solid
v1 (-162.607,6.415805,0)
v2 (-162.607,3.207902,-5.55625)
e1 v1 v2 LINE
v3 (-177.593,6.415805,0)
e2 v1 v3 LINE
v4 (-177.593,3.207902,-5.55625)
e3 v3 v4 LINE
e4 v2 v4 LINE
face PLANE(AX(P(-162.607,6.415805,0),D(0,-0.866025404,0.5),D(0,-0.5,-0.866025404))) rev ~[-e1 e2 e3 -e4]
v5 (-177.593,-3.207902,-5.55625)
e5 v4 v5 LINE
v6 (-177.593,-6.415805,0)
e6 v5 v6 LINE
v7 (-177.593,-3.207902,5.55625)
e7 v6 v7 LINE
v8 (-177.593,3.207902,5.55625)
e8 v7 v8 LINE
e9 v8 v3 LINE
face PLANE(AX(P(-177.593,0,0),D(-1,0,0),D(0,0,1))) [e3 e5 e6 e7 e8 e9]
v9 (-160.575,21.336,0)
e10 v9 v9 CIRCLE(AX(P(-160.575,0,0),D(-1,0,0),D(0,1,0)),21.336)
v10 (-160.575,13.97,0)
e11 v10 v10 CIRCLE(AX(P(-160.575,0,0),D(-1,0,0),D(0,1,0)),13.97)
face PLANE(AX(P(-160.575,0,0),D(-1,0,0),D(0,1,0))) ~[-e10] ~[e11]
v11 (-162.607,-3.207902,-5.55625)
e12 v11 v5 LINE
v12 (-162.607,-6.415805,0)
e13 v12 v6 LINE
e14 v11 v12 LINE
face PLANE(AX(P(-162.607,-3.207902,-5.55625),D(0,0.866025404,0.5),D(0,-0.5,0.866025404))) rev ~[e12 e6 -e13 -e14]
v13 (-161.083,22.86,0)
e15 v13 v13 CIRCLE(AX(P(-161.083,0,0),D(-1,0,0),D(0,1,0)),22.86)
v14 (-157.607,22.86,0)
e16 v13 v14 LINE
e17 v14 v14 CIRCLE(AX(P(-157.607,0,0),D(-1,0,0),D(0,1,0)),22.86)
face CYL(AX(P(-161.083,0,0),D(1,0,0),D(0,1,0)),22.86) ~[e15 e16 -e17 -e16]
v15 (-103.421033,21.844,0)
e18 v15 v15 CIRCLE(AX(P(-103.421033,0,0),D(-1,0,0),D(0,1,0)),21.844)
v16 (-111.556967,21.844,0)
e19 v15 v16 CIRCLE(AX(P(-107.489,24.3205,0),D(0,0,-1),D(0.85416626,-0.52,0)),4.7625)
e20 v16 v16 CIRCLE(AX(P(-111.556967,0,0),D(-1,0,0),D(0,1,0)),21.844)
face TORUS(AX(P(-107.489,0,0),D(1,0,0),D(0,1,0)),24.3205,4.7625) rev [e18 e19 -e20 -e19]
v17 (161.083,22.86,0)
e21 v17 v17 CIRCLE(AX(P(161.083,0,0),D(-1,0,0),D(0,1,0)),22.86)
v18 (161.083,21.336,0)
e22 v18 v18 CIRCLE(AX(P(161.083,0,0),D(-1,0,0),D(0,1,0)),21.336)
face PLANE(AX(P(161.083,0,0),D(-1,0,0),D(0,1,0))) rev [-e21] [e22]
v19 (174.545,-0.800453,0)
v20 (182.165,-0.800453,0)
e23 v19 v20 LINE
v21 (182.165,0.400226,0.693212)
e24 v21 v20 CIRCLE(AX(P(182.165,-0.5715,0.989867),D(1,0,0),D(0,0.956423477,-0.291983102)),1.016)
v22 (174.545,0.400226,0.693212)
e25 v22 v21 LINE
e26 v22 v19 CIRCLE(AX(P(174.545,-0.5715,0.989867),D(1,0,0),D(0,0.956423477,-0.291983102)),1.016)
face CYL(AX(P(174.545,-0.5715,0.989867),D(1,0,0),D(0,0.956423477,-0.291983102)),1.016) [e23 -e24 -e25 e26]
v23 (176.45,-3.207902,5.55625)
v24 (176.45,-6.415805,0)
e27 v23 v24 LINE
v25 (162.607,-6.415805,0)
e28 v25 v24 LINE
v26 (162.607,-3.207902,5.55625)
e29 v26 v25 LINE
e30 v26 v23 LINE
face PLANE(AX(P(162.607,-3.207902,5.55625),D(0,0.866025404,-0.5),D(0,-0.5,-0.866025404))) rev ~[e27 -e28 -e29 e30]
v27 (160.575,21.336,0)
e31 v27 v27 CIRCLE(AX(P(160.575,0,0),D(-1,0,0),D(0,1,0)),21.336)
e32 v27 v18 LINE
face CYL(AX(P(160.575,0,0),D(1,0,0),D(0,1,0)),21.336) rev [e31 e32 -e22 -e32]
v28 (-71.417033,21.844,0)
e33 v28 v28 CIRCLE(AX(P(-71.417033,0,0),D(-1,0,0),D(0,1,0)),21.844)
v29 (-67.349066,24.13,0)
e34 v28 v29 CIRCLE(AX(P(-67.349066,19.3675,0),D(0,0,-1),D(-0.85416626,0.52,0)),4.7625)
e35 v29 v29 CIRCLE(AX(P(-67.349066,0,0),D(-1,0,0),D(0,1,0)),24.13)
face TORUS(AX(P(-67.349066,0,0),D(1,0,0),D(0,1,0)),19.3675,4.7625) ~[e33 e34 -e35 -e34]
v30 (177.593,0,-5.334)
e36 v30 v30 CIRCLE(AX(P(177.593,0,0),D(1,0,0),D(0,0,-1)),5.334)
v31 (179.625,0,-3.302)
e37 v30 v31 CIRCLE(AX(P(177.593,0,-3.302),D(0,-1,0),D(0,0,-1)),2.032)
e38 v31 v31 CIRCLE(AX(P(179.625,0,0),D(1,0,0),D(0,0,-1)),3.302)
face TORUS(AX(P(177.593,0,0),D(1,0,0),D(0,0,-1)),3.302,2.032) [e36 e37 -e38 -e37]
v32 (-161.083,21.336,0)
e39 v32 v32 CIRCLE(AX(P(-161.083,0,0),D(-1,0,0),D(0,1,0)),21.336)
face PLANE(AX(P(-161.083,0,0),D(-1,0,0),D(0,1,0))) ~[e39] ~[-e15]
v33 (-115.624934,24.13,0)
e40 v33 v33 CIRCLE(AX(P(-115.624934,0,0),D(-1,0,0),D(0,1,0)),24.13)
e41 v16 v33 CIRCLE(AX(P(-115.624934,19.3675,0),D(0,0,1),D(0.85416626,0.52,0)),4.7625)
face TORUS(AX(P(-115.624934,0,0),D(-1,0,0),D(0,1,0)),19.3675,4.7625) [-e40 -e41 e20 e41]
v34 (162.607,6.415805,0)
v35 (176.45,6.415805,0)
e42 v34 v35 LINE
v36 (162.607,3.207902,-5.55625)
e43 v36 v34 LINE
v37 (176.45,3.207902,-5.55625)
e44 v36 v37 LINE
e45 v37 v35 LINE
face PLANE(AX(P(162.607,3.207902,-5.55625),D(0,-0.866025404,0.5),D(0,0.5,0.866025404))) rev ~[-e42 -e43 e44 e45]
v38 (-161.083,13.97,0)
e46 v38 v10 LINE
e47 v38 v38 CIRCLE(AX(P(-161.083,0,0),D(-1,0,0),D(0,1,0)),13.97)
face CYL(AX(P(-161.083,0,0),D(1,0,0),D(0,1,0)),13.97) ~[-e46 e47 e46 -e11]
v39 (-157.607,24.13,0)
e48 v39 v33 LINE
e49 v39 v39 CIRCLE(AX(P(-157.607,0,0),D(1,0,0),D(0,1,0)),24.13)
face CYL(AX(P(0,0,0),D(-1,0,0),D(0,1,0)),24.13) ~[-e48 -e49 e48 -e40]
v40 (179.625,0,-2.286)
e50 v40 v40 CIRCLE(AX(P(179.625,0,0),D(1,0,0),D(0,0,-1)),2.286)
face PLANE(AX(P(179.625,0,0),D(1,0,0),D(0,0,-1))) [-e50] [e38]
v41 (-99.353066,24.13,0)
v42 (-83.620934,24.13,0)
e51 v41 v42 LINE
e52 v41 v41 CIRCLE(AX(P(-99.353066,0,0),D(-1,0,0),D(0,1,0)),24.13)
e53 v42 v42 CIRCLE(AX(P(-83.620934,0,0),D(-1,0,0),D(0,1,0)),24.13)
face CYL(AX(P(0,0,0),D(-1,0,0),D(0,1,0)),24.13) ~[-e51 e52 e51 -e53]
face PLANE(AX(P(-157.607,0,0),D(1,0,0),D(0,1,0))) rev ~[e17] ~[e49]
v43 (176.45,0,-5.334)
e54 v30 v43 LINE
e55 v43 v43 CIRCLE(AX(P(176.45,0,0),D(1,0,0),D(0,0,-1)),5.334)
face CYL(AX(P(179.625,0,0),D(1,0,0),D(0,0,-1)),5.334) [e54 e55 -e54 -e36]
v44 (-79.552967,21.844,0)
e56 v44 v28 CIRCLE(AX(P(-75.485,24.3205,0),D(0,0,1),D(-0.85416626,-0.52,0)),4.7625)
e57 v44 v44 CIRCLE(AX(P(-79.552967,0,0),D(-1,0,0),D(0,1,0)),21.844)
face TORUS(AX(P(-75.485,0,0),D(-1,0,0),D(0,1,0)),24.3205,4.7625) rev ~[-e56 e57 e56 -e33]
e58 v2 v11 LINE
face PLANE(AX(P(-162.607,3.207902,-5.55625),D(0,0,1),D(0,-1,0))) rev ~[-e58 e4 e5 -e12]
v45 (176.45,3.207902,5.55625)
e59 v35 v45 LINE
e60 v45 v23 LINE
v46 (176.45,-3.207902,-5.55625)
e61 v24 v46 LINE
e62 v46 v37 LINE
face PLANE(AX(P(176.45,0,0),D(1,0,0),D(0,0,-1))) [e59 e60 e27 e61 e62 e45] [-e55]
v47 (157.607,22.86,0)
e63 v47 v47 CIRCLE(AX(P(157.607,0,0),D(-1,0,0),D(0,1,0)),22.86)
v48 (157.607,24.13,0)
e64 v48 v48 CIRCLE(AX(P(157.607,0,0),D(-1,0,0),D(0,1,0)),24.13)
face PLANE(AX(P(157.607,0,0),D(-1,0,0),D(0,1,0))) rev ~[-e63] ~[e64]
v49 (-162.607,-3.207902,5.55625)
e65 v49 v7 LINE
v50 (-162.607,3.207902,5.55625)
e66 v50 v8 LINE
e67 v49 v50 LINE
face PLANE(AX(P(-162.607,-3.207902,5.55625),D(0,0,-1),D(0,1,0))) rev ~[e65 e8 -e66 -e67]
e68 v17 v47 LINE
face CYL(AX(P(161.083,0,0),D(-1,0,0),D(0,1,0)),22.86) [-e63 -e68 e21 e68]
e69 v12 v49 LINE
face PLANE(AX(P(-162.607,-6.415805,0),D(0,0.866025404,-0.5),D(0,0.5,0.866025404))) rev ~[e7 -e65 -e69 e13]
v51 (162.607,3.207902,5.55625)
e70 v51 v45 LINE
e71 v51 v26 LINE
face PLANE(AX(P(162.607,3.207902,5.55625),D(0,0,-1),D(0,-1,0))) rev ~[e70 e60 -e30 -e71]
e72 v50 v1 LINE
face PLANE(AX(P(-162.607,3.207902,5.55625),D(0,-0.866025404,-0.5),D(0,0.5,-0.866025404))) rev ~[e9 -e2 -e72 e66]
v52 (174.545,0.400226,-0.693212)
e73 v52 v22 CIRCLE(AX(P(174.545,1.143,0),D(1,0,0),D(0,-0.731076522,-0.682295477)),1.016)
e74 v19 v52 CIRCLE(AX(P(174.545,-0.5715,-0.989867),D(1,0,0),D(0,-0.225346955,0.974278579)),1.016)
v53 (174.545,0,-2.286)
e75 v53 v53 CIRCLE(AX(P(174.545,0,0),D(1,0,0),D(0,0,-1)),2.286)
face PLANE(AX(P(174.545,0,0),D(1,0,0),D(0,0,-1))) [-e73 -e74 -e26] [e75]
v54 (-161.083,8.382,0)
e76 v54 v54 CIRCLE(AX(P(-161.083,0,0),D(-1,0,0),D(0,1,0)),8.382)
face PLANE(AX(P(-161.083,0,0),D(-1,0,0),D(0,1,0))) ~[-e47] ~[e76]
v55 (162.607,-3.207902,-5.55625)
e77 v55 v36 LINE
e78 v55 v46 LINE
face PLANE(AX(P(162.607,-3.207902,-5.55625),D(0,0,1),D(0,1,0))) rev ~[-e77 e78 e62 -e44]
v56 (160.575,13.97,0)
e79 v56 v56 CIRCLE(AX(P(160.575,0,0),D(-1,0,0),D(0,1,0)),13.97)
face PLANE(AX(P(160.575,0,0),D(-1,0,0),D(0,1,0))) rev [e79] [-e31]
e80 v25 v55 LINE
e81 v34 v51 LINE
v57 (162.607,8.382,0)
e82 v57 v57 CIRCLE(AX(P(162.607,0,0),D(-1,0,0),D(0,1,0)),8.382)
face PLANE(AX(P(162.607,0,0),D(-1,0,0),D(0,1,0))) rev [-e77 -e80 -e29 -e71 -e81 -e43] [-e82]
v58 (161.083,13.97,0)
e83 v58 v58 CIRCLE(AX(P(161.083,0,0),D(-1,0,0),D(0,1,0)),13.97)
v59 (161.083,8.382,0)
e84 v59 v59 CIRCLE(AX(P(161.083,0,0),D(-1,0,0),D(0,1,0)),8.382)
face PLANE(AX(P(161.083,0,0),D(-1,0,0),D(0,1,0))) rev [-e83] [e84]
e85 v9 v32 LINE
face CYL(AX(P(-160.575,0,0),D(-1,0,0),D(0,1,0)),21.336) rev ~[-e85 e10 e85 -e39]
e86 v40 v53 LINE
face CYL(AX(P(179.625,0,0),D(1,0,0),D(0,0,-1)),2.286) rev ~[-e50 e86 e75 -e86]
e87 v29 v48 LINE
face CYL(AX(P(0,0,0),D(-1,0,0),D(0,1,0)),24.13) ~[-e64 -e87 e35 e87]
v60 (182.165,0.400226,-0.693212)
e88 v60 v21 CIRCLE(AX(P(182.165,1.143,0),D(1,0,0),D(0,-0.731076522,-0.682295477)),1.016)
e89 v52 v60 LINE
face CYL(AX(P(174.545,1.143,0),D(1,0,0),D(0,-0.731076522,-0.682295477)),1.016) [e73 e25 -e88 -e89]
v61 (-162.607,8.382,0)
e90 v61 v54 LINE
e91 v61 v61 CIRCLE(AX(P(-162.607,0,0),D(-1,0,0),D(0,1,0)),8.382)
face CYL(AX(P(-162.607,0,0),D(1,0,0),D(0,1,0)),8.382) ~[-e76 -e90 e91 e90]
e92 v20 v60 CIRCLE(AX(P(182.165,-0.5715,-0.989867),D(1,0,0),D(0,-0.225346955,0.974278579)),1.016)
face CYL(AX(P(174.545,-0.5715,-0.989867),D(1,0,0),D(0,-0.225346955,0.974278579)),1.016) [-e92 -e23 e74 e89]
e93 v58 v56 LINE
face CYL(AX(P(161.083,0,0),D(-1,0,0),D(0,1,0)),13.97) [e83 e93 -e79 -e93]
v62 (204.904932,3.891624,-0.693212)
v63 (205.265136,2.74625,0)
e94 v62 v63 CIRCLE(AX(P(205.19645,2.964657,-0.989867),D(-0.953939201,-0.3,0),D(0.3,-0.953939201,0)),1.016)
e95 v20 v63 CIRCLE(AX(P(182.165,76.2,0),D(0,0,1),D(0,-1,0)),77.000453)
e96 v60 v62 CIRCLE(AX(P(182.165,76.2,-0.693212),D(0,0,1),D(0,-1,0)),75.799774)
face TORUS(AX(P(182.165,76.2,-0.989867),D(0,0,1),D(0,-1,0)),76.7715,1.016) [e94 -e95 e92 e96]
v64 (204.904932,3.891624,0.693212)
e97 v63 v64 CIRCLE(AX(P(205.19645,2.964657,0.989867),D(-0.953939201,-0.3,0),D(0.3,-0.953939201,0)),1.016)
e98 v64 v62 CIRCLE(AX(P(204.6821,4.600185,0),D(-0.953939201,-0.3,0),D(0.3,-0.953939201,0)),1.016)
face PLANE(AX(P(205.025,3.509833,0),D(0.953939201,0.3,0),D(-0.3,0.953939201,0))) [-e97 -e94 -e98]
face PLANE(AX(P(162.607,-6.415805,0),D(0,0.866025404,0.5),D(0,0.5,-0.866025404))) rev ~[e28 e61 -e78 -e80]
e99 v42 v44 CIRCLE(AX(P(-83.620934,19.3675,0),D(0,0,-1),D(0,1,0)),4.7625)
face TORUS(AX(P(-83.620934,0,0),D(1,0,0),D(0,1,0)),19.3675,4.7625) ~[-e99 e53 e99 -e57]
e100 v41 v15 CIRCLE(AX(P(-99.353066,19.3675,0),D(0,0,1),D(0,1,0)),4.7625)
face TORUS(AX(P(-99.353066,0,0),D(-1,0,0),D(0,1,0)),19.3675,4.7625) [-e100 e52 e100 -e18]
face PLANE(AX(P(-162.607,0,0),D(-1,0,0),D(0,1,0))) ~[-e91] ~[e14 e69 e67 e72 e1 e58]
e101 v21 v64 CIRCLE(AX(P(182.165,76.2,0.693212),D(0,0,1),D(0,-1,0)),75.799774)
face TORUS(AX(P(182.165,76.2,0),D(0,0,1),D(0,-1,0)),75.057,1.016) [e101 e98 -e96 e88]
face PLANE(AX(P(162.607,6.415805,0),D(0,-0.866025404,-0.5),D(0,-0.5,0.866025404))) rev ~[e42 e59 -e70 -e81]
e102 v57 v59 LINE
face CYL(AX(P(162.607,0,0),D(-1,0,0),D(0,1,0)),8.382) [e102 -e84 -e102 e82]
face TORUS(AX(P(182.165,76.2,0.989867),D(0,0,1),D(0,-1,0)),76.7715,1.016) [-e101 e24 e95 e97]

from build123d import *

# Parameters (mm, degrees)
BOSS_EXTRUDE1_DEPTH             = 14.986
BOSS_EXTRUDE2_DEPTH             = 17.018
SKETCH5_OUTSIDE_W               = 120.324
SKETCH5_OUTSIDE_H               = 120.324
SKETCH5_OUTSIDE_R               = 5.334
CUT_EXTRUDE1_DEPTH              = 3.175
FILLET1_R                       = 2.032
BOSS_EXTRUDE3_REACH             = 184.511
SKETCH6_R                       = 24.13
BOSS_EXTRUDE3_DIRECTION_2_REACH = 184.511
SKETCH8_R                       = 2.286
CUT_EXTRUDE2_DEPTH              = 5.08


with BuildPart() as part:
    # Sketch2 → Revolve1 (revolve)
    with BuildSketch(Plane.XY):
        Polygon((-162.607, 0), (-162.607, 8.382), (-161.083, 8.382), (-161.083, 13.97), (-160.575, 13.97), (-160.575, 21.336), (-161.083, 21.336), (-161.083, 22.86), (-157.607, 22.86), (-157.607, 0), align=None)
        Polygon((157.607, 0), (162.607, 0), (162.607, 8.382), (161.083, 8.382), (161.083, 13.97), (160.575, 13.97), (160.575, 21.336), (161.083, 21.336), (161.083, 22.86), (157.607, 22.86), align=None)
    revolve(axis=Axis((-162.607, 0, 0), (-1, 0, 0)))

    # Sketch3 → Boss-Extrude1 (add)
    with BuildSketch(Plane.ZY.offset(162.607)):
        Polygon((0, 6.415804866), (-5.55625, 3.207902433), (-5.55625, -3.207902433), (0, -6.415804866), (5.55625, -3.207902433), (5.55625, 3.207902433), align=None)
    extrude(amount=BOSS_EXTRUDE1_DEPTH)

    # Sketch4 → Boss-Extrude2 (add)
    with BuildSketch(Plane(origin=(162.607, 0, 0), x_dir=(0, 0, -1), z_dir=(1, 0, 0))):
        Polygon((5.55625, 3.207902433), (0, 6.415804866), (-5.55625, 3.207902433), (-5.55625, -3.207902433), (0, -6.415804866), (5.55625, -3.207902433), align=None)
    extrude(amount=BOSS_EXTRUDE2_DEPTH)

    # Sketch5 outside → Cut-Extrude1 (cut)
    with BuildSketch(Plane(origin=(179.625, 0, 0), x_dir=(0, 0, -1), z_dir=(1, 0, 0))):
        Rectangle(SKETCH5_OUTSIDE_W, SKETCH5_OUTSIDE_H)
        Circle(SKETCH5_OUTSIDE_R, mode=Mode.SUBTRACT)
    extrude(amount=-CUT_EXTRUDE1_DEPTH, mode=Mode.SUBTRACT)

    # Fillet1
    fillet1_edges = [part.edges().sort_by_distance(p)[0] for p in [
        (179.625, 0, 5.334),
    ]]
    fillet(fillet1_edges, radius=FILLET1_R)

    # Boss-Extrude3: up to this face of the body (flat: up to its plane)
    boss_extrude3_end = Plane(part.part.faces().sort_by_distance((-157.607, 0, 0))[0])
    # Sketch6 → Boss-Extrude3 (add, up to the picked face)
    with BuildSketch(Plane(origin=(0, 0, 0), x_dir=(0, 0, -1), z_dir=(1, 0, 0)), mode=Mode.PRIVATE) as boss_extrude3_sk1:
        with Locations(Location((0, 0, 0), (0, 0, 90))):
            Circle(SKETCH6_R)
    boss_extrude3_tool1 = split(extrude(boss_extrude3_sk1.sketch, amount=-BOSS_EXTRUDE3_REACH, mode=Mode.PRIVATE), bisect_by=boss_extrude3_end, keep=Keep.BOTH, mode=Mode.PRIVATE)
    add(boss_extrude3_tool1.solids().sort_by(Axis((0, 0, 0), (-1, 0, 0)))[0])

    # Boss-Extrude3 direction 2: up to this face of the body (flat: up to its plane)
    boss_extrude3_direction_2_end = Plane(part.part.faces().sort_by_distance((157.607, 0, 0))[0])
    # Sketch6 → Boss-Extrude3 direction 2 (add, up to the picked face)
    with BuildSketch(Plane(origin=(0, 0, 0), x_dir=(0, 0, -1), z_dir=(1, 0, 0)), mode=Mode.PRIVATE) as boss_extrude3_direction_2_sk1:
        with Locations(Location((0, 0, 0), (0, 0, 90))):
            Circle(SKETCH6_R)
    boss_extrude3_direction_2_tool1 = split(extrude(boss_extrude3_direction_2_sk1.sketch, amount=BOSS_EXTRUDE3_DIRECTION_2_REACH, mode=Mode.PRIVATE), bisect_by=boss_extrude3_direction_2_end, keep=Keep.BOTH, mode=Mode.PRIVATE)
    add(boss_extrude3_direction_2_tool1.solids().sort_by(Axis((0, 0, 0), (1, 0, 0)))[0])

    # Sketch7 → Cut-Revolve1 (revolve, cut)
    with BuildSketch(Plane.XY):
        with BuildLine():
            Line((-115.624933628, 24.13), (-99.353066372, 24.13))
            ThreePointArc((-99.353066372, 24.13), (-101.686205352, 23.519351244), (-103.421033186, 21.844))
            ThreePointArc((-103.421033186, 21.844), (-107.489, 19.558), (-111.556966814, 21.844))
            ThreePointArc((-111.556966814, 21.844), (-113.291794648, 23.519351244), (-115.624933628, 24.13))
        make_face()
        with BuildLine():
            Line((-67.349066372, 24.13), (-83.620933628, 24.13))
            ThreePointArc((-83.620933628, 24.13), (-81.287794648, 23.519351244), (-79.552966814, 21.844))
            ThreePointArc((-79.552966814, 21.844), (-75.485, 19.558), (-71.417033186, 21.844))
            ThreePointArc((-71.417033186, 21.844), (-69.682205352, 23.519351244), (-67.349066372, 24.13))
        make_face()
    revolve(axis=Axis((-165.1, 0, 0), (-1, 0, 0)), mode=Mode.SUBTRACT)

    # Sketch8 → Cut-Extrude2 (cut)
    with BuildSketch(Plane(origin=(179.625, 0, 0), x_dir=(0, 0, -1), z_dir=(1, 0, 0))):
        Circle(SKETCH8_R)
    extrude(amount=-CUT_EXTRUDE2_DEPTH, mode=Mode.SUBTRACT)

    # Sweep1: sweep along a path in Sketch10
    with BuildLine(Plane.XY) as sweep1_path:
        Line((174.545, 0), (182.165, 0))
        ThreePointArc((182.165, 0), (193.728936685, 0.882569293), (205.025, 3.509832852))
    # Sketch9 → Sweep1 (sweep)
    with BuildSketch(Plane(origin=(174.545, 0, 0), x_dir=(0, 0, -1), z_dir=(1, 0, 0))):
        with BuildLine():
            ThreePointArc((-0.693212205, 0.400226253), (-1.869748847, -1.0795), (0, -0.800452506))
            ThreePointArc((0, -0.800452506), (1.869748847, -1.0795), (0.693212205, 0.400226253))
            ThreePointArc((0.693212205, 0.400226253), (0, 2.159), (-0.693212205, 0.400226253))
        make_face()
    sweep(path=sweep1_path.line)


solid = part.part
